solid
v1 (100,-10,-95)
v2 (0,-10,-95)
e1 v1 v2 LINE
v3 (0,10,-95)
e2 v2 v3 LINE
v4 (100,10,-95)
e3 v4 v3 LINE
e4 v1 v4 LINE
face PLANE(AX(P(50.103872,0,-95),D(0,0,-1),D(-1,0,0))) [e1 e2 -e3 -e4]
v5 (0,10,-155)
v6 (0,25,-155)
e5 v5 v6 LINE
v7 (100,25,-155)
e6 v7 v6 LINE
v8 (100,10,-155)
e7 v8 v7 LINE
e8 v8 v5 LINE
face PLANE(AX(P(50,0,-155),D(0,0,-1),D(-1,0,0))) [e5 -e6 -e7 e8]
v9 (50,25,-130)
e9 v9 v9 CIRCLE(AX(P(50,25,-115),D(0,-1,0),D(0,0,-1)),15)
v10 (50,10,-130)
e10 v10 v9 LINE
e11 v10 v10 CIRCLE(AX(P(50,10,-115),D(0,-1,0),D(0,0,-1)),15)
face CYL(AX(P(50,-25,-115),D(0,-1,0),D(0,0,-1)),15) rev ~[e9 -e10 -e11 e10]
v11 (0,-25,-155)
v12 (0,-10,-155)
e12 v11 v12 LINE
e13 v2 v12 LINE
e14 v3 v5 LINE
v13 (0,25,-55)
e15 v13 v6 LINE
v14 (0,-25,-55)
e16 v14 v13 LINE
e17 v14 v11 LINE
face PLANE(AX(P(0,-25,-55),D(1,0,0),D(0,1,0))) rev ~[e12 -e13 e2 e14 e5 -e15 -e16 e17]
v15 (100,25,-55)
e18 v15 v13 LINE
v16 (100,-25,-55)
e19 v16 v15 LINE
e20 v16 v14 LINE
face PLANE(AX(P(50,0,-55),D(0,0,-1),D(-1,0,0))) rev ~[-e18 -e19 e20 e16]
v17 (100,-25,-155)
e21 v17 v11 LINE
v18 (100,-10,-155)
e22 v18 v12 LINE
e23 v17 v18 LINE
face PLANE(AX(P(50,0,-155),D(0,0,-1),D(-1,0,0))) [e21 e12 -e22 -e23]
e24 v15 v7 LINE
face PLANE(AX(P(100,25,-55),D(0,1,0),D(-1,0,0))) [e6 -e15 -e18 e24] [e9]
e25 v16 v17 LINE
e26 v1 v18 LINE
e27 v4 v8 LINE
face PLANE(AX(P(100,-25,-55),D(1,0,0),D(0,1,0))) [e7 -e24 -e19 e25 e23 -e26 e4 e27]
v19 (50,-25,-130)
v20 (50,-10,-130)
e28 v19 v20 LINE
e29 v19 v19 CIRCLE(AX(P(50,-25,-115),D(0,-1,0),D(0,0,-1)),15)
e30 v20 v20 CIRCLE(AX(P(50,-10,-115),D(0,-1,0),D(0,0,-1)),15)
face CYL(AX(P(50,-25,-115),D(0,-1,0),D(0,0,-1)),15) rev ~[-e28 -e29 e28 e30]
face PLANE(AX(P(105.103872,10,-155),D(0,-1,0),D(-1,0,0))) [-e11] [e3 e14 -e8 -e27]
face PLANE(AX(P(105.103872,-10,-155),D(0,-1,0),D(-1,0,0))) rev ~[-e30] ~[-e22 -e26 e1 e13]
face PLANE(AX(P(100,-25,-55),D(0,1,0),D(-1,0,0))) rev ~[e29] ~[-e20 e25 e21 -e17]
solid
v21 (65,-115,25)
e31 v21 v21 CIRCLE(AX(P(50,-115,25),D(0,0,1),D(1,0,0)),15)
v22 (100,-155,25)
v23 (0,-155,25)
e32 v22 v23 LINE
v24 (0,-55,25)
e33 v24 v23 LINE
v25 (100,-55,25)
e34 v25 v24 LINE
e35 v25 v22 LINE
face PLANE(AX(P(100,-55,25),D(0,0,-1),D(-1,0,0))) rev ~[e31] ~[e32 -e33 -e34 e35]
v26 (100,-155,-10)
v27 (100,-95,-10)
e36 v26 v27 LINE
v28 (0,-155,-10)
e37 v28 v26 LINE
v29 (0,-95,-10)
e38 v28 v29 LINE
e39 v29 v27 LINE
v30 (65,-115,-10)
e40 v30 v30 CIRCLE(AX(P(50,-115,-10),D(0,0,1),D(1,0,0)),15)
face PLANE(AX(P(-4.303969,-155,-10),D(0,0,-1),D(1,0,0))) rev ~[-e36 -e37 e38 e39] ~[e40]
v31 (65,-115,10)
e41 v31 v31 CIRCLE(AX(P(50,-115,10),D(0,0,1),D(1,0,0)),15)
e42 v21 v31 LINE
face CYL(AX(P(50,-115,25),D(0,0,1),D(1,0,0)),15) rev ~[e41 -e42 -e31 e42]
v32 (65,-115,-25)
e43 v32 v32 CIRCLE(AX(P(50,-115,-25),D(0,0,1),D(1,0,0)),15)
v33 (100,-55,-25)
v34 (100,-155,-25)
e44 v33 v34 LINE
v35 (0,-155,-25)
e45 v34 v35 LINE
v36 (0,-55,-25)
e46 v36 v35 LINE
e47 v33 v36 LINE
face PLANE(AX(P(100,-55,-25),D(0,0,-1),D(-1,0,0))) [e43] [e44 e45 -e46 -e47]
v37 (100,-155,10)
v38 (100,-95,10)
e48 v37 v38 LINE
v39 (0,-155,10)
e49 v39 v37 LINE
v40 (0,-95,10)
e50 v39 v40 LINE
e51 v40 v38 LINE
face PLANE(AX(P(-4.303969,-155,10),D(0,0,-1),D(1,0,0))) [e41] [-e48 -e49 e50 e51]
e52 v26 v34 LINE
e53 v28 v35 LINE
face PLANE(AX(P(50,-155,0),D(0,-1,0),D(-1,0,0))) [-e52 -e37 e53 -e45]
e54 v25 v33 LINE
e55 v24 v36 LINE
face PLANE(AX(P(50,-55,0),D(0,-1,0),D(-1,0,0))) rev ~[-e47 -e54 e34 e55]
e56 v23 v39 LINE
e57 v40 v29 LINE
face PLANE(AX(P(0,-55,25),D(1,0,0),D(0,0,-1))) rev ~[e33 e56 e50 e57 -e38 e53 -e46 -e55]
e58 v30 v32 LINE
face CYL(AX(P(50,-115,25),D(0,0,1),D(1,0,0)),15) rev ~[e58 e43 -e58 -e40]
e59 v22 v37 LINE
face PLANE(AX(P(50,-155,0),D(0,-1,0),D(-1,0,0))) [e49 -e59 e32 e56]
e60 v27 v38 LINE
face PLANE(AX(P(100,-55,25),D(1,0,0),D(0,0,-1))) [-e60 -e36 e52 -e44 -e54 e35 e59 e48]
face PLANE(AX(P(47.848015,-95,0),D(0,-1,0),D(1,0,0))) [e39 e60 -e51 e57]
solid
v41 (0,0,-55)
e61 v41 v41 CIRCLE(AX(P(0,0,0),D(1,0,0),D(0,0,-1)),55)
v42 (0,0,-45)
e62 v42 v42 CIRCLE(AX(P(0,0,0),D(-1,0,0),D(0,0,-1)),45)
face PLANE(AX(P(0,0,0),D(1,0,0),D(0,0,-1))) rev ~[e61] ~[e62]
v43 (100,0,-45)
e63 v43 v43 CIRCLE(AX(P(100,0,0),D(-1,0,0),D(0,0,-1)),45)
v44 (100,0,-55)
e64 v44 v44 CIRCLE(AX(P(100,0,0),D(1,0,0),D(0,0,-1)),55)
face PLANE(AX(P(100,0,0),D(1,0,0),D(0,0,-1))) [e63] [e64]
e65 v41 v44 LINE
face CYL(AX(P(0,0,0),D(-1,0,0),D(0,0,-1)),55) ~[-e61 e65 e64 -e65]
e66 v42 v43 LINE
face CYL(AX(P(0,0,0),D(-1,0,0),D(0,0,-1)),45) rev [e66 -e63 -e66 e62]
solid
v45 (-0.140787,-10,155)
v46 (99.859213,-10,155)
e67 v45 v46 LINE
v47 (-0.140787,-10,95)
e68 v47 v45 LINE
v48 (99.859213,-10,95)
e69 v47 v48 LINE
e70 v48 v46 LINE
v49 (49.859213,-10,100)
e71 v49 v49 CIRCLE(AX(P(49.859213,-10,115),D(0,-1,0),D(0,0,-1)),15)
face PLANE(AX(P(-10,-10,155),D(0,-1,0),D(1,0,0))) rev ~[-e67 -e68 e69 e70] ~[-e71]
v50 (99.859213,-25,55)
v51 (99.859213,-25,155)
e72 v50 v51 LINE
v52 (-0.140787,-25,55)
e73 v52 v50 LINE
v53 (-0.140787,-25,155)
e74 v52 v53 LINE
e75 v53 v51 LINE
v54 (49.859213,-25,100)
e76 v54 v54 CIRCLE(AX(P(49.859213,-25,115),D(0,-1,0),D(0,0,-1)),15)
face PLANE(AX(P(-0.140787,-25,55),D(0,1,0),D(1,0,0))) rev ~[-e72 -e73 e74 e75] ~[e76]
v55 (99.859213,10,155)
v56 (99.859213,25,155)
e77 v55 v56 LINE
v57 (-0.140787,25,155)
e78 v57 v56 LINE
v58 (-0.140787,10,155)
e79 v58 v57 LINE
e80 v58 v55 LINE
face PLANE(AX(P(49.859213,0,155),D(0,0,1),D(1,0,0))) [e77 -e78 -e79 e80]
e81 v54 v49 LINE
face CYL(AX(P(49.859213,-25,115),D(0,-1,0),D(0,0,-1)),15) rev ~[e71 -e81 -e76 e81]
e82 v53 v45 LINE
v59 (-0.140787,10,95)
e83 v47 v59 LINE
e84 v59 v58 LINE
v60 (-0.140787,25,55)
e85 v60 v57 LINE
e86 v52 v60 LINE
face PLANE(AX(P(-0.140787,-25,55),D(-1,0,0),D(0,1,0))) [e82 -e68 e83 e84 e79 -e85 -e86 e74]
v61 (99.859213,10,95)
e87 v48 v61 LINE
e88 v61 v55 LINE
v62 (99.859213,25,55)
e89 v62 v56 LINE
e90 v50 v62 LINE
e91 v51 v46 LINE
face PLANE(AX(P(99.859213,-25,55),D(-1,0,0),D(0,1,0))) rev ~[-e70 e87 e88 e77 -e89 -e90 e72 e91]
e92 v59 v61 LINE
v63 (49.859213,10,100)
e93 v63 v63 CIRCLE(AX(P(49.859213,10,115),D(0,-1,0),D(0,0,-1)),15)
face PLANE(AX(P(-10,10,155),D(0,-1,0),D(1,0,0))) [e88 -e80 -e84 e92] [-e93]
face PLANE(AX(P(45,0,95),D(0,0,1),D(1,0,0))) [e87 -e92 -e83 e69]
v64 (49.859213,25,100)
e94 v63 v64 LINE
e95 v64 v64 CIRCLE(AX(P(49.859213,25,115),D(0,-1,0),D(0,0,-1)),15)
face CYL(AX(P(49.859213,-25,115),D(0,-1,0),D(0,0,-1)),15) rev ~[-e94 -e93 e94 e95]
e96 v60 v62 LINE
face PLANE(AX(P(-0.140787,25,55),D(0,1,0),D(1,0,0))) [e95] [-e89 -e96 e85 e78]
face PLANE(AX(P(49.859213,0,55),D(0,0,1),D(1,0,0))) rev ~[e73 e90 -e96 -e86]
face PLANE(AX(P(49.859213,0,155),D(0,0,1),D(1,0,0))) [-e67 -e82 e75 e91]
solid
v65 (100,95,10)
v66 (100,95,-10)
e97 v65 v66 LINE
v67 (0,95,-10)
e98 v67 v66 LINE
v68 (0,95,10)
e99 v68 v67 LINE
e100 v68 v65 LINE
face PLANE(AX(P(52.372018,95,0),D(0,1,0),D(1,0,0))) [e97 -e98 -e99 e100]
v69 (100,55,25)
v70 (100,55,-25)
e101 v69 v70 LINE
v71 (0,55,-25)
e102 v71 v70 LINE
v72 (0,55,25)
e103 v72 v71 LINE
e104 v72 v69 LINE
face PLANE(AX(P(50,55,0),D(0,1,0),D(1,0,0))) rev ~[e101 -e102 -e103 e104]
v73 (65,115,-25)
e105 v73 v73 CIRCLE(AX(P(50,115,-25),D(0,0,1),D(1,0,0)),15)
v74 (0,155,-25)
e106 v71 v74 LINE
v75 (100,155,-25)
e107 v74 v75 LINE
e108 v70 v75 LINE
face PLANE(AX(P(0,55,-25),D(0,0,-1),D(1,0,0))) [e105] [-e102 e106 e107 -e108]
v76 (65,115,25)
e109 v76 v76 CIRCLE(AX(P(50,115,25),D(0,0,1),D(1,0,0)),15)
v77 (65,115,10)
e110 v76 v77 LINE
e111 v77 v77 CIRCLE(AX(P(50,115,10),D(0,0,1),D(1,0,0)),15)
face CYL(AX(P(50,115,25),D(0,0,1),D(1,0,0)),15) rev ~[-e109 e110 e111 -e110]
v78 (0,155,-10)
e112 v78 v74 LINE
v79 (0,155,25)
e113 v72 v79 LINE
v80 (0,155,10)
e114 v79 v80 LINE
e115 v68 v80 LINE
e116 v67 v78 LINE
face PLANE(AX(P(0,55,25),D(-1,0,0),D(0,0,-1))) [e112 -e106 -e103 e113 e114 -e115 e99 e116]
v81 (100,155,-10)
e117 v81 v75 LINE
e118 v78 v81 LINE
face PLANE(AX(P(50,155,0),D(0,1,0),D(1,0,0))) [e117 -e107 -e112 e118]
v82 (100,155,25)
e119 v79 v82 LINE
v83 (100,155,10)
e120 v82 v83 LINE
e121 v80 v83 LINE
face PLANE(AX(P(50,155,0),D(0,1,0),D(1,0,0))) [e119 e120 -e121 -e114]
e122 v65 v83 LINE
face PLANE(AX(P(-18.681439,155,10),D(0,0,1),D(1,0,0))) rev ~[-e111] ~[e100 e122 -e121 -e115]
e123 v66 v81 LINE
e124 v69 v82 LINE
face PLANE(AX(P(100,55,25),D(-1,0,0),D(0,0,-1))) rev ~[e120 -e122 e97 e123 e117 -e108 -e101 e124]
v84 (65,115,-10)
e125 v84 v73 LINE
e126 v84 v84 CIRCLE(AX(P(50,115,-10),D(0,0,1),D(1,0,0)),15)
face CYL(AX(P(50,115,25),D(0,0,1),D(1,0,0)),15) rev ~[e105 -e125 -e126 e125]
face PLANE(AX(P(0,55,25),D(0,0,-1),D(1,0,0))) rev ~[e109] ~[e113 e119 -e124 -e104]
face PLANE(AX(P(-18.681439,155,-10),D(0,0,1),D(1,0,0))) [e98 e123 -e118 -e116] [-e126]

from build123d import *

# Parameters (mm, degrees)
SKETCH_1_R           = 55
EXTRUDE_1_DEPTH      = 100
SHELL_1_T            = -10
SKETCH_2_W           = 100
SKETCH_2_H           = 50
EXTRUDE_2_DEPTH      = 100
SKETCH_3_W           = 110
SKETCH_3_H           = 20
CUT_EXTRUDE_5_DEPTH  = 60
SKETCH_4_R           = 15
CUT_EXTRUDE_6_DEPTH  = 60
SKETCH_6_W           = 100
SKETCH_6_H           = 50
EXTRUDE_4_DEPTH      = 100
SKETCH_7_W           = 110
SKETCH_7_H           = 20
CUT_EXTRUDE_8_DEPTH  = 60
SKETCH_8_R           = 15
CUT_EXTRUDE_9_DEPTH  = 60
SKETCH_9_W           = 100
SKETCH_9_H           = 50
EXTRUDE_5_DEPTH      = 100
SKETCH_10_W          = 104.303969261
SKETCH_10_H          = 20
CUT_EXTRUDE_11_DEPTH = 60
SKETCH_11_R          = 15
CUT_EXTRUDE_12_DEPTH = 60
SKETCH_12_W          = 100
SKETCH_12_H          = 50
EXTRUDE_6_DEPTH      = 100
SKETCH_13_W          = 142.106913732
SKETCH_13_H          = 20
CUT_EXTRUDE_13_DEPTH = 60
SKETCH_14_R          = 15
CUT_EXTRUDE_14_DEPTH = 60


with BuildPart() as part:
    # 草图1 → 凸台-拉伸1 (new body)
    with BuildSketch(Plane(origin=(0, 0, 0), x_dir=(0, 0, -1), z_dir=(1, 0, 0))):
        Circle(SKETCH_1_R)
    extrude(amount=EXTRUDE_1_DEPTH)

    # 抽壳1
    shell_1_openings = [part.faces().sort_by_distance(p)[0] for p in [
        (100, 0, 0),
        (0, 0, 0),
    ]]
    offset(amount=SHELL_1_T, openings=shell_1_openings, kind=Kind.INTERSECTION)


with BuildPart() as body_2:
    # 草图2 → 凸台-拉伸2 (new body)
    with BuildSketch(Plane(origin=(0, 0, -55), x_dir=(-1, 0, 0), z_dir=(0, 0, -1))):
        with Locations((-50, 0)):
            Rectangle(SKETCH_2_W, SKETCH_2_H)
    extrude(amount=EXTRUDE_2_DEPTH)

    # 草图3 → 切除-拉伸5 (cut)
    with BuildSketch(Plane(origin=(0, 0, -155), x_dir=(-1, 0, 0), z_dir=(0, 0, -1))):
        with Locations((-50.103871793, 0)):
            Rectangle(SKETCH_3_W, SKETCH_3_H)
    extrude(amount=-CUT_EXTRUDE_5_DEPTH, mode=Mode.SUBTRACT)

    # 草图4 → 切除-拉伸6 (cut)
    with BuildSketch(Plane.XZ.offset(25)):
        with Locations(Location((50, -115, 0), (0, 0, 270))):
            Circle(SKETCH_4_R)
    extrude(amount=-CUT_EXTRUDE_6_DEPTH, mode=Mode.SUBTRACT)


with BuildPart() as body_3:
    # 草图6 → 凸台-拉伸4 (new body)
    with BuildSketch(Plane.XY.offset(55)):
        with Locations((49.859213062, 0)):
            Rectangle(SKETCH_6_W, SKETCH_6_H)
    extrude(amount=EXTRUDE_4_DEPTH)

    # 草图7 → 切除-拉伸8 (cut)
    with BuildSketch(Plane.XY.offset(155)):
        with Locations((45, 0)):
            Rectangle(SKETCH_7_W, SKETCH_7_H)
    extrude(amount=-CUT_EXTRUDE_8_DEPTH, mode=Mode.SUBTRACT)

    # 草图8 → 切除-拉伸9 (cut)
    with BuildSketch(Plane.XZ.offset(25)):
        with Locations(Location((49.859213062, 115, 0), (0, 0, 270))):
            Circle(SKETCH_8_R)
    extrude(amount=-CUT_EXTRUDE_9_DEPTH, mode=Mode.SUBTRACT)


with BuildPart() as body_4:
    # 草图9 → 凸台-拉伸5 (new body)
    with BuildSketch(Plane(origin=(0, -55, 0), x_dir=(-1, 0, 0), z_dir=(0, -1, 0))):
        with Locations((-50, 0)):
            Rectangle(SKETCH_9_W, SKETCH_9_H)
    extrude(amount=EXTRUDE_5_DEPTH)

    # 草图10 → 切除-拉伸11 (cut)
    with BuildSketch(Plane.XZ.offset(155)):
        with Locations((47.848015369, 0)):
            Rectangle(SKETCH_10_W, SKETCH_10_H)
    extrude(amount=-CUT_EXTRUDE_11_DEPTH, mode=Mode.SUBTRACT)

    # 草图11 → 切除-拉伸12 (cut)
    with BuildSketch(Plane.XY.offset(25)):
        with Locations((50, -115)):
            Circle(SKETCH_11_R)
    extrude(amount=-CUT_EXTRUDE_12_DEPTH, mode=Mode.SUBTRACT)


with BuildPart() as body_5:
    # 草图12 → 凸台-拉伸6 (new body)
    with BuildSketch(Plane(origin=(0, 55, 0), x_dir=(1, 0, 0), z_dir=(0, 1, 0))):
        with Locations((50, 0)):
            Rectangle(SKETCH_12_W, SKETCH_12_H)
    extrude(amount=EXTRUDE_6_DEPTH)

    # 草图13 → 切除-拉伸13 (cut)
    with BuildSketch(Plane(origin=(0, 155, 0), x_dir=(1, 0, 0), z_dir=(0, 1, 0))):
        with Locations((52.372018241, 0)):
            Rectangle(SKETCH_13_W, SKETCH_13_H)
    extrude(amount=-CUT_EXTRUDE_13_DEPTH, mode=Mode.SUBTRACT)

    # 草图14 → 切除-拉伸14 (cut)
    with BuildSketch(Plane.XY.offset(25)):
        with Locations((50, 115)):
            Circle(SKETCH_14_R)
    extrude(amount=-CUT_EXTRUDE_14_DEPTH, mode=Mode.SUBTRACT)


solid = Compound([part.part, body_2.part, body_3.part, body_4.part, body_5.part])
